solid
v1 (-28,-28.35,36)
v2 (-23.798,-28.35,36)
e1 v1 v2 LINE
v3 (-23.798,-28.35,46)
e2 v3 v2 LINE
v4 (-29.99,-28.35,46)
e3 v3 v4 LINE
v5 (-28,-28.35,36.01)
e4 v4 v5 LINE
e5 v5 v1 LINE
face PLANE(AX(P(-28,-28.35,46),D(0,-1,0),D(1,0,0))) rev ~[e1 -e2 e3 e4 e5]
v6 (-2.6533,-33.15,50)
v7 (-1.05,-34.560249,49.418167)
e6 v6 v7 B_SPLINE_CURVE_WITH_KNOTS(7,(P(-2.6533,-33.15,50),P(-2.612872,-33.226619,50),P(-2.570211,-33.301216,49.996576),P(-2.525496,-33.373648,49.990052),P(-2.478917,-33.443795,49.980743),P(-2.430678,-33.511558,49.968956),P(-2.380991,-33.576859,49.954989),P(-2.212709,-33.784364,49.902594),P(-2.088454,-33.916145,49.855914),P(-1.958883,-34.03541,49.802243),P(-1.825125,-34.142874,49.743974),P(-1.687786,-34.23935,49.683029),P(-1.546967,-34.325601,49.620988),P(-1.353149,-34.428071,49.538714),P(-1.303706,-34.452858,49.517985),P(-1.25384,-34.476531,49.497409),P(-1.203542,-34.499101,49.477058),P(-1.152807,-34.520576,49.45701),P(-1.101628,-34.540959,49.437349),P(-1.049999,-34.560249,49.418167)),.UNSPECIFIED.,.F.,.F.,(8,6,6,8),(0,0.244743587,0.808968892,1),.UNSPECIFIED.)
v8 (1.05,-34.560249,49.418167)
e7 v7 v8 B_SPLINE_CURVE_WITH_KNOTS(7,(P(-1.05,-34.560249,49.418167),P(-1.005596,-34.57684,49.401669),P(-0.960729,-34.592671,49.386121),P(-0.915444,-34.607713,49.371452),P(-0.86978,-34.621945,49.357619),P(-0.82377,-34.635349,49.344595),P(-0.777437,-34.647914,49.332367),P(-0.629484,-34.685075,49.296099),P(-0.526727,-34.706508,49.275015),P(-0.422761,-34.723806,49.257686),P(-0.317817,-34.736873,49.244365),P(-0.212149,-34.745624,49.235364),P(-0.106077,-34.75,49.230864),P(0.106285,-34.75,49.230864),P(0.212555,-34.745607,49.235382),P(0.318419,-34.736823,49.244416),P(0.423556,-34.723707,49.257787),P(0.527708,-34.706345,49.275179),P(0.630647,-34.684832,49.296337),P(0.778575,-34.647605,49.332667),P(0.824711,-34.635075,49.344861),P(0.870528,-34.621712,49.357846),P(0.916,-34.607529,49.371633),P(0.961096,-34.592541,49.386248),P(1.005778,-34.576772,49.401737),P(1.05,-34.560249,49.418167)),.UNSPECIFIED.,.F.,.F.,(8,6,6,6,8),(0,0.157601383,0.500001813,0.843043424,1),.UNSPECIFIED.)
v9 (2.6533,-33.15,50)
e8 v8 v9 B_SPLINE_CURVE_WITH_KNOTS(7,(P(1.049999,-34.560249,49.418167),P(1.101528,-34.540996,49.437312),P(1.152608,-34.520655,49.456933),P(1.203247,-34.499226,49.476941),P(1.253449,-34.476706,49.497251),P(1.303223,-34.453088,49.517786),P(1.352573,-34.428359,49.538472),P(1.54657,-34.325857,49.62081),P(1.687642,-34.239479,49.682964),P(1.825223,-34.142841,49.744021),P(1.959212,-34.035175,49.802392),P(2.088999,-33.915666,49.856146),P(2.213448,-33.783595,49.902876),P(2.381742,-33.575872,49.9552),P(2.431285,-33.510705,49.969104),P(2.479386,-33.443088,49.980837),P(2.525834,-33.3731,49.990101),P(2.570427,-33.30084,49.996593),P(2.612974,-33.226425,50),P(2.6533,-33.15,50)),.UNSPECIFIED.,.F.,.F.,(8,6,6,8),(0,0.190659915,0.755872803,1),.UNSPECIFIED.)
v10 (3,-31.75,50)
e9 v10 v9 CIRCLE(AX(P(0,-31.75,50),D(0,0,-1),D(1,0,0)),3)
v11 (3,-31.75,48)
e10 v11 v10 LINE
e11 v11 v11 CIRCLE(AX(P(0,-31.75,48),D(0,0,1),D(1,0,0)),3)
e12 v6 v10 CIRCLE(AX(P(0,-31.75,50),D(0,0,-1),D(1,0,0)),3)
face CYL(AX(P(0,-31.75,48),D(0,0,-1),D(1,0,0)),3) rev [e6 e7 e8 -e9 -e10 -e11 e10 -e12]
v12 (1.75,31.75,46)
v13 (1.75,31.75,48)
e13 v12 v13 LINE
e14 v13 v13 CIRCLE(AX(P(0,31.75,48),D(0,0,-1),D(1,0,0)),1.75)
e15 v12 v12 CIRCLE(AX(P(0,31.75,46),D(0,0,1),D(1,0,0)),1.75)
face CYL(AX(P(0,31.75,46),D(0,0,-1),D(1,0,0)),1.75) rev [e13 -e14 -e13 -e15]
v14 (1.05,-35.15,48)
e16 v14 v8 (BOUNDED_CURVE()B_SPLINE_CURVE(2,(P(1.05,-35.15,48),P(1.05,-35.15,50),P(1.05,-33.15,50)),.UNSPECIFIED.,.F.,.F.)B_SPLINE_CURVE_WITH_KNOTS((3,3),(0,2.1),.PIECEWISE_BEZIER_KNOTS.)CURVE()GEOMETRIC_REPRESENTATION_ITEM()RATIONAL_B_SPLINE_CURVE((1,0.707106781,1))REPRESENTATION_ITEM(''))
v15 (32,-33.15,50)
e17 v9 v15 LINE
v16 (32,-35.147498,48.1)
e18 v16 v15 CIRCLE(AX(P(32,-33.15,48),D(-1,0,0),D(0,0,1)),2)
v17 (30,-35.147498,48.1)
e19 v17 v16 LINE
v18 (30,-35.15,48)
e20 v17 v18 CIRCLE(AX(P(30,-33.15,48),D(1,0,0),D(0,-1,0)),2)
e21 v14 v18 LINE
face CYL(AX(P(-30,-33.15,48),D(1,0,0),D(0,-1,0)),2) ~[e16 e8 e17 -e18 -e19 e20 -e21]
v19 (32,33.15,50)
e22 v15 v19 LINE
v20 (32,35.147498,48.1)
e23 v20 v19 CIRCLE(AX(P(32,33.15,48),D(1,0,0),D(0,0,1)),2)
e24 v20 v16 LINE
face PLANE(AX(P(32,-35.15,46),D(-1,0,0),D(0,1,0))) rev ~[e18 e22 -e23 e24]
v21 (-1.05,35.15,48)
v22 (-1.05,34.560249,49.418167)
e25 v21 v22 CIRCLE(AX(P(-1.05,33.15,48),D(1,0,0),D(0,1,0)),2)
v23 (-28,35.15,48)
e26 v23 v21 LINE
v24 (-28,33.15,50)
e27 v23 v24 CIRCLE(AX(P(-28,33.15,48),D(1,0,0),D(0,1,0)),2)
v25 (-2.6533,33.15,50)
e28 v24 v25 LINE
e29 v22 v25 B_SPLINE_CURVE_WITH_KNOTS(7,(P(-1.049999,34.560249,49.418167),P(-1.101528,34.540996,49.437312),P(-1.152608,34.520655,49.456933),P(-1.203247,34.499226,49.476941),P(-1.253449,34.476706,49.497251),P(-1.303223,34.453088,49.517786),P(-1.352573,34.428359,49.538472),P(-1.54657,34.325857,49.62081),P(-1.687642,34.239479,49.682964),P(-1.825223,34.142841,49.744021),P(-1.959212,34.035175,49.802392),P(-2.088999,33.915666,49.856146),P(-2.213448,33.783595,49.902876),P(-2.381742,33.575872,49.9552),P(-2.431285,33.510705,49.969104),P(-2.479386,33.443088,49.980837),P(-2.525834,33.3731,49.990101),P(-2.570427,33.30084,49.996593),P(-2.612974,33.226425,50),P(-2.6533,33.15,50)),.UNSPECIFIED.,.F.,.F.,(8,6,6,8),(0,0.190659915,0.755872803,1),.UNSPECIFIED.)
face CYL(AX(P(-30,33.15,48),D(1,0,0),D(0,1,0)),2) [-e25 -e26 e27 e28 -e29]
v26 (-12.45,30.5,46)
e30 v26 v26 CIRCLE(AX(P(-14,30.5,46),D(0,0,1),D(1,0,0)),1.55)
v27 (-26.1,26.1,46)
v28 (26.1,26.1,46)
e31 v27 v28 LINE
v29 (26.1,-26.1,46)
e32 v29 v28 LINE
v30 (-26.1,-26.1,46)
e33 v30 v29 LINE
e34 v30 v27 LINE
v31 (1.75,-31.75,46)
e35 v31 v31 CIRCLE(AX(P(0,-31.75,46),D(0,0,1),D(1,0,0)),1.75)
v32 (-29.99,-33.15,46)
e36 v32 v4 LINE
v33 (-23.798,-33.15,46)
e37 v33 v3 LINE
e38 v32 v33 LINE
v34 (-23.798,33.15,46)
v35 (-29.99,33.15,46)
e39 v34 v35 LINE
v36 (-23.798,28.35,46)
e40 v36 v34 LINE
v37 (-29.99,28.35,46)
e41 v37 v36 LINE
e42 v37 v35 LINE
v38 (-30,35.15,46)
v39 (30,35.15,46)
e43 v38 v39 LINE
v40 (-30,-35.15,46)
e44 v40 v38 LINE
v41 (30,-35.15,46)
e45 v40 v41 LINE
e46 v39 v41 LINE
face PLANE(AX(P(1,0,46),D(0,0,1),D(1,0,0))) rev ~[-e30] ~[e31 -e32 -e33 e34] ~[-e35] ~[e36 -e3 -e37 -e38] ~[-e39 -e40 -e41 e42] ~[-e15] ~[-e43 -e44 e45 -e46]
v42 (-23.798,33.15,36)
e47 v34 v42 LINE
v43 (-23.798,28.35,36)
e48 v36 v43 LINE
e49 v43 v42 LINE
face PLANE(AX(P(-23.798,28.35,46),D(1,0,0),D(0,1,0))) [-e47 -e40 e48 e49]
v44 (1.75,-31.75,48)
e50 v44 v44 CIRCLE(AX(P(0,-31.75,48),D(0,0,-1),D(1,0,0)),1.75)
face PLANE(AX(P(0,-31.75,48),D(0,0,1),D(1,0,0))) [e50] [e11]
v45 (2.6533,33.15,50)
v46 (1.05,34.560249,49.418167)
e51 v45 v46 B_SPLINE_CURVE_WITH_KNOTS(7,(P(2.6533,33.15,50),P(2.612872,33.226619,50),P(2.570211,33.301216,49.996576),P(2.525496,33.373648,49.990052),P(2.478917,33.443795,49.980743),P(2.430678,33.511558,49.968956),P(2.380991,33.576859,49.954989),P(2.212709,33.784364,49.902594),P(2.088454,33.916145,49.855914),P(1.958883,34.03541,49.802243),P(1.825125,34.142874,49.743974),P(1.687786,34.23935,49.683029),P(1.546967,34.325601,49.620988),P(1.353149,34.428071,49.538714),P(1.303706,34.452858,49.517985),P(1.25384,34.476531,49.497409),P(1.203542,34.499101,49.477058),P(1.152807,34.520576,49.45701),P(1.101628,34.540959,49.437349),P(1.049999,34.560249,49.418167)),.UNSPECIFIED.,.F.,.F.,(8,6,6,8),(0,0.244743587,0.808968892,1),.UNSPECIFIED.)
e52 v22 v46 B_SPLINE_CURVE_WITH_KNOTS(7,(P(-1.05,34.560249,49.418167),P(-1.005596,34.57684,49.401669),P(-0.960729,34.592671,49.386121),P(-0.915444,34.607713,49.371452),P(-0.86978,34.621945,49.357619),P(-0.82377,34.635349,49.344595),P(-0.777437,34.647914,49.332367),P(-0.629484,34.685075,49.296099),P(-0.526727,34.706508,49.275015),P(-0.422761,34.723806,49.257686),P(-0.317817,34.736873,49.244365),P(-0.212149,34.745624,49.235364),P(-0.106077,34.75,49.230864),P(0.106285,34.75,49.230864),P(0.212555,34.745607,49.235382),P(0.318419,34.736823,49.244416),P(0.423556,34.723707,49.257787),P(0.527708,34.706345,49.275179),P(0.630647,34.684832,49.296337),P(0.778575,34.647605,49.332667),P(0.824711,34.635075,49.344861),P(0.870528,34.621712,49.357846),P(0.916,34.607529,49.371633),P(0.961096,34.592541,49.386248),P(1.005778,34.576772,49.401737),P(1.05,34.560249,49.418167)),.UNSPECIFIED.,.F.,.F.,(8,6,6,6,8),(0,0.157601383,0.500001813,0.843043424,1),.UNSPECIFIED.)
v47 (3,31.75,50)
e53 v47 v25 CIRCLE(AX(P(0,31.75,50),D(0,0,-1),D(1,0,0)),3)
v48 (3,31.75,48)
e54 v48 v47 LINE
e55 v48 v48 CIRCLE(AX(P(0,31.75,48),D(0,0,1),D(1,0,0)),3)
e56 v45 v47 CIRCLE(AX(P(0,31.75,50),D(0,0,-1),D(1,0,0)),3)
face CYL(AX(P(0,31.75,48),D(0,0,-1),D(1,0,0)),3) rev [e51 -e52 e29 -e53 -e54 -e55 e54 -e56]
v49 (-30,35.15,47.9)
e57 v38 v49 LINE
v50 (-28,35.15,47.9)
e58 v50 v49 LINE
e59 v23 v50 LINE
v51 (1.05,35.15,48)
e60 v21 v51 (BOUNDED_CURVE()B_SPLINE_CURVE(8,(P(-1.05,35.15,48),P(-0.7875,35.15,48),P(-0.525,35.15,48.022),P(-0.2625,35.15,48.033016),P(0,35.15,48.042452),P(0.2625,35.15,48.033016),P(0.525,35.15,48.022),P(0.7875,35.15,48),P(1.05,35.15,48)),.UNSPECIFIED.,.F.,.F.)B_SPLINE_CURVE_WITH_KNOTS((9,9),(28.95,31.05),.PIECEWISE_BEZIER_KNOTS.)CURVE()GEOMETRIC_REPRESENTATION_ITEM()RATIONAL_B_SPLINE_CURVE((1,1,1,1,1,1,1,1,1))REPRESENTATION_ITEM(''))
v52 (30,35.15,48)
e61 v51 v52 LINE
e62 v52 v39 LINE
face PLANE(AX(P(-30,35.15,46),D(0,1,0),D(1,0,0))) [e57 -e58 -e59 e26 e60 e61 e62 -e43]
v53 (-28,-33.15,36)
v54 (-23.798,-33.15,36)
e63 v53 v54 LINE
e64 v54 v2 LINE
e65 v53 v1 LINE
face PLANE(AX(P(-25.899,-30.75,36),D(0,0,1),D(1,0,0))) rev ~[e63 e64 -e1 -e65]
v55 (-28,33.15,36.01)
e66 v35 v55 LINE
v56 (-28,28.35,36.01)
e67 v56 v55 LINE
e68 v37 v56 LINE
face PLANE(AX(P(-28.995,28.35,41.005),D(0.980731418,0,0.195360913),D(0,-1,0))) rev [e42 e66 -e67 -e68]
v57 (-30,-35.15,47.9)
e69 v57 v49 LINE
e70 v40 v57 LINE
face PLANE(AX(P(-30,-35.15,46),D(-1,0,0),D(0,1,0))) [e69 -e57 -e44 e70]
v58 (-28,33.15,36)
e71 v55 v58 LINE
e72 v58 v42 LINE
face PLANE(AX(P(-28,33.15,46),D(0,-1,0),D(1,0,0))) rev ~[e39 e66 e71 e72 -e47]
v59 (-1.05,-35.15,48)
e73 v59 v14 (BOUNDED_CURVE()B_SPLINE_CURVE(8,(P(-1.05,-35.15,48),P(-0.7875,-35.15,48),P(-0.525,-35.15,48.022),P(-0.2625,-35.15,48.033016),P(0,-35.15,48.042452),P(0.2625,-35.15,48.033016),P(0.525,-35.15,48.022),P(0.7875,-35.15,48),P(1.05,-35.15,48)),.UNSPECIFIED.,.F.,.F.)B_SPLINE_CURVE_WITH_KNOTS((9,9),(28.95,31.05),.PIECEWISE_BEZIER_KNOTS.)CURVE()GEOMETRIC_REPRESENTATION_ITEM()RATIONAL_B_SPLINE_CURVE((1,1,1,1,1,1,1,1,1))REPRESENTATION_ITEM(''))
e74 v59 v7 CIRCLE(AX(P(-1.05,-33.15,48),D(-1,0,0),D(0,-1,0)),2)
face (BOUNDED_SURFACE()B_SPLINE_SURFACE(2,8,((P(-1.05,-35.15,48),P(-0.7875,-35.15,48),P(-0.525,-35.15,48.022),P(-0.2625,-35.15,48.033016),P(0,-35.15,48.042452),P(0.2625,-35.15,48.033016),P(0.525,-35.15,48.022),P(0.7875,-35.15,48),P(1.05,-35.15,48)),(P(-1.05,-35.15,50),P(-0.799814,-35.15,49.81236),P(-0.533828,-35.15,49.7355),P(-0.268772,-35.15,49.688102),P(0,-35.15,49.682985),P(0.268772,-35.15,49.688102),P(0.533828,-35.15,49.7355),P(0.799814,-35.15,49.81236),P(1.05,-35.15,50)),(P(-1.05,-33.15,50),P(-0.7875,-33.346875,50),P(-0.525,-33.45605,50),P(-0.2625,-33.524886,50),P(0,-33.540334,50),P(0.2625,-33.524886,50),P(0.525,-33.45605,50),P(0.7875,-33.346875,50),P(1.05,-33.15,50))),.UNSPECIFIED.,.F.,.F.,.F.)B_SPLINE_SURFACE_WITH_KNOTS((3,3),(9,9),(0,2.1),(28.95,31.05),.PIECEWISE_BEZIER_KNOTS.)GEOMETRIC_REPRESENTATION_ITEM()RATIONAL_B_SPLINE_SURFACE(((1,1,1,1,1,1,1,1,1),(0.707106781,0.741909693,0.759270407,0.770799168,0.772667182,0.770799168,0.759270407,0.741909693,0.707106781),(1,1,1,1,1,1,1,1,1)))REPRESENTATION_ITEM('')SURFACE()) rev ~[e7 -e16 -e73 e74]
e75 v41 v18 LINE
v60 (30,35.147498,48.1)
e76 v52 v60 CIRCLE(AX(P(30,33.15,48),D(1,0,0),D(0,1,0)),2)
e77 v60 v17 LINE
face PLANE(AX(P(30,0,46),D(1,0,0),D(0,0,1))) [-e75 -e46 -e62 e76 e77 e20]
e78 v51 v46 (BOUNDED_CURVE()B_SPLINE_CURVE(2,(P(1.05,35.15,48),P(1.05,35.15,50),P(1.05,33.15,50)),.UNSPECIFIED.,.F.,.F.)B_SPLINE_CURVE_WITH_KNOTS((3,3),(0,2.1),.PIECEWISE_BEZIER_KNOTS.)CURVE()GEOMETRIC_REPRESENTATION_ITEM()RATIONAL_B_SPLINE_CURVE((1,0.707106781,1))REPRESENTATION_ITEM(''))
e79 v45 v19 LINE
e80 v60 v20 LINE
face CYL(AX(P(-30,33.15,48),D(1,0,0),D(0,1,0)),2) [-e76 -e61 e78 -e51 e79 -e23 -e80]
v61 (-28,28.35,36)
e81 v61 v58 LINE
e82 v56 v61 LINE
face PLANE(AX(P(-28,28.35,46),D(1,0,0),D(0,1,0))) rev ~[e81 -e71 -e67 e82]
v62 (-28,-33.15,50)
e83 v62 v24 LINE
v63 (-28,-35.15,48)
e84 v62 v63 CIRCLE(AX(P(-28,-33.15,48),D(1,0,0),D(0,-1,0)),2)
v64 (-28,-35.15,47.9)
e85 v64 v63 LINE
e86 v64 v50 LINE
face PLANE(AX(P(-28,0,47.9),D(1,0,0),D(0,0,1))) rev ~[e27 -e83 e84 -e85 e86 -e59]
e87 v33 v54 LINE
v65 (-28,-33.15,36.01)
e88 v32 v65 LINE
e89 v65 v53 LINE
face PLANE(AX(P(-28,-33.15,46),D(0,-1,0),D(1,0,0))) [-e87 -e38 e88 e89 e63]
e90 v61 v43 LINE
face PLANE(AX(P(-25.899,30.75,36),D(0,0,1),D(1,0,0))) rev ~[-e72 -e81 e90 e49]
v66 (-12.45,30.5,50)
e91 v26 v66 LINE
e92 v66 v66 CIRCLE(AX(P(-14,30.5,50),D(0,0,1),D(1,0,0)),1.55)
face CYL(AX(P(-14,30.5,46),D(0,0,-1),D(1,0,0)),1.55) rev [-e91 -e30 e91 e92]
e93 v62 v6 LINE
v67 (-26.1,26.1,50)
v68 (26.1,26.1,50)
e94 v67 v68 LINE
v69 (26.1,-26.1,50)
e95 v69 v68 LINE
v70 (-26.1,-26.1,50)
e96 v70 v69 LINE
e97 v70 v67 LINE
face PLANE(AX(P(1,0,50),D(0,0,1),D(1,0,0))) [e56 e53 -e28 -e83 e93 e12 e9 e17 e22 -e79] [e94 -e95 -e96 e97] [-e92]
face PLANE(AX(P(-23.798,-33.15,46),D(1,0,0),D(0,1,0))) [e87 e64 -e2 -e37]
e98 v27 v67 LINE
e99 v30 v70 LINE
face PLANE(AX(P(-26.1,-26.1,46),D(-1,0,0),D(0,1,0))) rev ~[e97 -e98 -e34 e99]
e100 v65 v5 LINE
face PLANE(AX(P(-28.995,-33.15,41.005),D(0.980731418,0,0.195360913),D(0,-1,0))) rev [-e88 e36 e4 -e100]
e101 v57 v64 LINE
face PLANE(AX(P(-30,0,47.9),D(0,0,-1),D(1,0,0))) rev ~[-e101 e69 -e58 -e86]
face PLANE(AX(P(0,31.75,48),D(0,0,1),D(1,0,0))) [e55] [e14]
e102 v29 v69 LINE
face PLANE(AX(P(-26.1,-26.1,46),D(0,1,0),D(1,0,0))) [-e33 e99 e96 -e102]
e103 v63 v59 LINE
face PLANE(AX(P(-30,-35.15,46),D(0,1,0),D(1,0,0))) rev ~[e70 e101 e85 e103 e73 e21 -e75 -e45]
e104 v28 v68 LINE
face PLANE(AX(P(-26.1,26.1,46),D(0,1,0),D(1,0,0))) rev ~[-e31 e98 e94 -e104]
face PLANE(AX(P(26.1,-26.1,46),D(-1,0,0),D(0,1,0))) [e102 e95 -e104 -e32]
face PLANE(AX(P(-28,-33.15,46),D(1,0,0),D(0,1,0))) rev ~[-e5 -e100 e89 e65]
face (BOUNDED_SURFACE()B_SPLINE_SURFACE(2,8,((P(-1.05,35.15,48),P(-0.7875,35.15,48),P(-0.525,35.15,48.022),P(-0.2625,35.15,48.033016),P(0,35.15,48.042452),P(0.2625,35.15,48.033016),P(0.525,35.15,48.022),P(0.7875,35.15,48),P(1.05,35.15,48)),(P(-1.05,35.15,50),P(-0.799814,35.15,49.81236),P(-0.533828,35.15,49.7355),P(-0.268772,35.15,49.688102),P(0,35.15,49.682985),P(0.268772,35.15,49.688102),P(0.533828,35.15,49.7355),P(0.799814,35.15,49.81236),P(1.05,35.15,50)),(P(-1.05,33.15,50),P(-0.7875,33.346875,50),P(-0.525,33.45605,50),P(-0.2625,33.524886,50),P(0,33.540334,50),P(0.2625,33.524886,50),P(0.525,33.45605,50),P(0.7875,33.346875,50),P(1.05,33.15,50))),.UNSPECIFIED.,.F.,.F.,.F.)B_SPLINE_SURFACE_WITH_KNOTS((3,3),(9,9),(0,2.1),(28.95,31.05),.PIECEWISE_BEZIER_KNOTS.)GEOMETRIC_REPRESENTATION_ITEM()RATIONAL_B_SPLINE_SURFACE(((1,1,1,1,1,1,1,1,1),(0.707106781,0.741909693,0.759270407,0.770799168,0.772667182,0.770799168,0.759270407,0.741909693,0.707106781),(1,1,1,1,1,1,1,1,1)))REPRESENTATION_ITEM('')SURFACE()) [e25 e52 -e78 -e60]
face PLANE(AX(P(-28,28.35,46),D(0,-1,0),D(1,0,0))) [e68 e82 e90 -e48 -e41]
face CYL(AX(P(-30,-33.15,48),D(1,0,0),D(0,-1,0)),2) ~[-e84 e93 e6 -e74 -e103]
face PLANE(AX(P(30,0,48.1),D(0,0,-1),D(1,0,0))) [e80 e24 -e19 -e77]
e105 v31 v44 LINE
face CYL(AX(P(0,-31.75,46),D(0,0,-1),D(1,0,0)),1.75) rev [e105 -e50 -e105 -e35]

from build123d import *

# Parameters (mm, degrees)
SKETCH077_W          = 62
SKETCH077_H          = 70.3
SKETCH077_R          = 1.75
SKETCH077_R_2        = 1.55
SKETCH077_W_2        = 52.2
SKETCH077_H_2        = 52.2
PAD021_DEPTH         = 4
FILLET009_R          = 2
SKETCH078_W          = 2
SKETCH078_H          = 2.1
POCKET050_DEPTH      = 35.151
POCKET050_DEPTH_BACK = 35.151
SKETCH079_R          = 3
POCKET028_DEPTH      = 2.001
SKETCH081_W          = 4.202
SKETCH081_H          = 4.8
PAD023_DEPTH         = 10
CHAMFER003_SIZE2     = 9.99
CHAMFER003_SIZE      = 1.99


with BuildPart() as part:
    # Sketch077 → Pad021 (new body)
    with BuildSketch(Plane.XY):
        with Locations((1, 0)):
            Rectangle(SKETCH077_W, SKETCH077_H)
        with Locations((0, 31.75)):
            Circle(SKETCH077_R, mode=Mode.SUBTRACT)
        with Locations((0, -31.75)):
            Circle(SKETCH077_R, mode=Mode.SUBTRACT)
        with Locations((-14, 30.5)):
            Circle(SKETCH077_R_2, mode=Mode.SUBTRACT)
        Rectangle(SKETCH077_W_2, SKETCH077_H_2, mode=Mode.SUBTRACT)
    extrude(amount=PAD021_DEPTH)

    # Fillet009
    fillet009_edges = [part.edges().sort_by_distance(p)[0] for p in [
        (1, 35.15, 4),
        (1, -35.15, 4),
    ]]
    fillet(fillet009_edges, radius=FILLET009_R)

    # Sketch078 → Pocket050 (cut, two sides)
    with BuildSketch(Plane.XZ) as pocket050_sk:
        with Locations((-29, 2.95)):
            Rectangle(SKETCH078_W, SKETCH078_H)
        with Locations((31, 1.05)):
            Rectangle(SKETCH078_W, SKETCH078_H)
    extrude(amount=-POCKET050_DEPTH, mode=Mode.SUBTRACT)
    extrude(pocket050_sk.sketch, amount=POCKET050_DEPTH_BACK, mode=Mode.SUBTRACT)

    # Sketch079 → Pocket028 (cut, through all)
    with BuildSketch(Plane.XY.offset(2)):
        with Locations((0, -31.75)):
            Circle(SKETCH079_R)
        with Locations((0, 31.75)):
            Circle(SKETCH079_R)
    extrude(amount=POCKET028_DEPTH, mode=Mode.SUBTRACT)

    # Sketch081 → Pad023 (join)
    with BuildSketch(Plane.XY):
        with Locations((-25.899, 30.75)):
            Rectangle(SKETCH081_W, SKETCH081_H)
        with Locations((-25.899, -30.75)):
            Rectangle(SKETCH081_W, SKETCH081_H)
    extrude(amount=-PAD023_DEPTH)

    # Chamfer003
    chamfer003_edges = [part.edges().sort_by_distance(p)[0] for p in [
        (-28, 30.75, 0),
        (-28, -30.75, 0),
    ]]
    chamfer003_side = part.faces().sort_by_distance((-29.075766, 0, 0))[0]
    chamfer(chamfer003_edges, length=CHAMFER003_SIZE, length2=CHAMFER003_SIZE2, reference=chamfer003_side)


with BuildPart() as part_1:
    # Body058 placement: moved
    add(part.part.moved(Location((0, 0, 46))))


solid = part_1.part
